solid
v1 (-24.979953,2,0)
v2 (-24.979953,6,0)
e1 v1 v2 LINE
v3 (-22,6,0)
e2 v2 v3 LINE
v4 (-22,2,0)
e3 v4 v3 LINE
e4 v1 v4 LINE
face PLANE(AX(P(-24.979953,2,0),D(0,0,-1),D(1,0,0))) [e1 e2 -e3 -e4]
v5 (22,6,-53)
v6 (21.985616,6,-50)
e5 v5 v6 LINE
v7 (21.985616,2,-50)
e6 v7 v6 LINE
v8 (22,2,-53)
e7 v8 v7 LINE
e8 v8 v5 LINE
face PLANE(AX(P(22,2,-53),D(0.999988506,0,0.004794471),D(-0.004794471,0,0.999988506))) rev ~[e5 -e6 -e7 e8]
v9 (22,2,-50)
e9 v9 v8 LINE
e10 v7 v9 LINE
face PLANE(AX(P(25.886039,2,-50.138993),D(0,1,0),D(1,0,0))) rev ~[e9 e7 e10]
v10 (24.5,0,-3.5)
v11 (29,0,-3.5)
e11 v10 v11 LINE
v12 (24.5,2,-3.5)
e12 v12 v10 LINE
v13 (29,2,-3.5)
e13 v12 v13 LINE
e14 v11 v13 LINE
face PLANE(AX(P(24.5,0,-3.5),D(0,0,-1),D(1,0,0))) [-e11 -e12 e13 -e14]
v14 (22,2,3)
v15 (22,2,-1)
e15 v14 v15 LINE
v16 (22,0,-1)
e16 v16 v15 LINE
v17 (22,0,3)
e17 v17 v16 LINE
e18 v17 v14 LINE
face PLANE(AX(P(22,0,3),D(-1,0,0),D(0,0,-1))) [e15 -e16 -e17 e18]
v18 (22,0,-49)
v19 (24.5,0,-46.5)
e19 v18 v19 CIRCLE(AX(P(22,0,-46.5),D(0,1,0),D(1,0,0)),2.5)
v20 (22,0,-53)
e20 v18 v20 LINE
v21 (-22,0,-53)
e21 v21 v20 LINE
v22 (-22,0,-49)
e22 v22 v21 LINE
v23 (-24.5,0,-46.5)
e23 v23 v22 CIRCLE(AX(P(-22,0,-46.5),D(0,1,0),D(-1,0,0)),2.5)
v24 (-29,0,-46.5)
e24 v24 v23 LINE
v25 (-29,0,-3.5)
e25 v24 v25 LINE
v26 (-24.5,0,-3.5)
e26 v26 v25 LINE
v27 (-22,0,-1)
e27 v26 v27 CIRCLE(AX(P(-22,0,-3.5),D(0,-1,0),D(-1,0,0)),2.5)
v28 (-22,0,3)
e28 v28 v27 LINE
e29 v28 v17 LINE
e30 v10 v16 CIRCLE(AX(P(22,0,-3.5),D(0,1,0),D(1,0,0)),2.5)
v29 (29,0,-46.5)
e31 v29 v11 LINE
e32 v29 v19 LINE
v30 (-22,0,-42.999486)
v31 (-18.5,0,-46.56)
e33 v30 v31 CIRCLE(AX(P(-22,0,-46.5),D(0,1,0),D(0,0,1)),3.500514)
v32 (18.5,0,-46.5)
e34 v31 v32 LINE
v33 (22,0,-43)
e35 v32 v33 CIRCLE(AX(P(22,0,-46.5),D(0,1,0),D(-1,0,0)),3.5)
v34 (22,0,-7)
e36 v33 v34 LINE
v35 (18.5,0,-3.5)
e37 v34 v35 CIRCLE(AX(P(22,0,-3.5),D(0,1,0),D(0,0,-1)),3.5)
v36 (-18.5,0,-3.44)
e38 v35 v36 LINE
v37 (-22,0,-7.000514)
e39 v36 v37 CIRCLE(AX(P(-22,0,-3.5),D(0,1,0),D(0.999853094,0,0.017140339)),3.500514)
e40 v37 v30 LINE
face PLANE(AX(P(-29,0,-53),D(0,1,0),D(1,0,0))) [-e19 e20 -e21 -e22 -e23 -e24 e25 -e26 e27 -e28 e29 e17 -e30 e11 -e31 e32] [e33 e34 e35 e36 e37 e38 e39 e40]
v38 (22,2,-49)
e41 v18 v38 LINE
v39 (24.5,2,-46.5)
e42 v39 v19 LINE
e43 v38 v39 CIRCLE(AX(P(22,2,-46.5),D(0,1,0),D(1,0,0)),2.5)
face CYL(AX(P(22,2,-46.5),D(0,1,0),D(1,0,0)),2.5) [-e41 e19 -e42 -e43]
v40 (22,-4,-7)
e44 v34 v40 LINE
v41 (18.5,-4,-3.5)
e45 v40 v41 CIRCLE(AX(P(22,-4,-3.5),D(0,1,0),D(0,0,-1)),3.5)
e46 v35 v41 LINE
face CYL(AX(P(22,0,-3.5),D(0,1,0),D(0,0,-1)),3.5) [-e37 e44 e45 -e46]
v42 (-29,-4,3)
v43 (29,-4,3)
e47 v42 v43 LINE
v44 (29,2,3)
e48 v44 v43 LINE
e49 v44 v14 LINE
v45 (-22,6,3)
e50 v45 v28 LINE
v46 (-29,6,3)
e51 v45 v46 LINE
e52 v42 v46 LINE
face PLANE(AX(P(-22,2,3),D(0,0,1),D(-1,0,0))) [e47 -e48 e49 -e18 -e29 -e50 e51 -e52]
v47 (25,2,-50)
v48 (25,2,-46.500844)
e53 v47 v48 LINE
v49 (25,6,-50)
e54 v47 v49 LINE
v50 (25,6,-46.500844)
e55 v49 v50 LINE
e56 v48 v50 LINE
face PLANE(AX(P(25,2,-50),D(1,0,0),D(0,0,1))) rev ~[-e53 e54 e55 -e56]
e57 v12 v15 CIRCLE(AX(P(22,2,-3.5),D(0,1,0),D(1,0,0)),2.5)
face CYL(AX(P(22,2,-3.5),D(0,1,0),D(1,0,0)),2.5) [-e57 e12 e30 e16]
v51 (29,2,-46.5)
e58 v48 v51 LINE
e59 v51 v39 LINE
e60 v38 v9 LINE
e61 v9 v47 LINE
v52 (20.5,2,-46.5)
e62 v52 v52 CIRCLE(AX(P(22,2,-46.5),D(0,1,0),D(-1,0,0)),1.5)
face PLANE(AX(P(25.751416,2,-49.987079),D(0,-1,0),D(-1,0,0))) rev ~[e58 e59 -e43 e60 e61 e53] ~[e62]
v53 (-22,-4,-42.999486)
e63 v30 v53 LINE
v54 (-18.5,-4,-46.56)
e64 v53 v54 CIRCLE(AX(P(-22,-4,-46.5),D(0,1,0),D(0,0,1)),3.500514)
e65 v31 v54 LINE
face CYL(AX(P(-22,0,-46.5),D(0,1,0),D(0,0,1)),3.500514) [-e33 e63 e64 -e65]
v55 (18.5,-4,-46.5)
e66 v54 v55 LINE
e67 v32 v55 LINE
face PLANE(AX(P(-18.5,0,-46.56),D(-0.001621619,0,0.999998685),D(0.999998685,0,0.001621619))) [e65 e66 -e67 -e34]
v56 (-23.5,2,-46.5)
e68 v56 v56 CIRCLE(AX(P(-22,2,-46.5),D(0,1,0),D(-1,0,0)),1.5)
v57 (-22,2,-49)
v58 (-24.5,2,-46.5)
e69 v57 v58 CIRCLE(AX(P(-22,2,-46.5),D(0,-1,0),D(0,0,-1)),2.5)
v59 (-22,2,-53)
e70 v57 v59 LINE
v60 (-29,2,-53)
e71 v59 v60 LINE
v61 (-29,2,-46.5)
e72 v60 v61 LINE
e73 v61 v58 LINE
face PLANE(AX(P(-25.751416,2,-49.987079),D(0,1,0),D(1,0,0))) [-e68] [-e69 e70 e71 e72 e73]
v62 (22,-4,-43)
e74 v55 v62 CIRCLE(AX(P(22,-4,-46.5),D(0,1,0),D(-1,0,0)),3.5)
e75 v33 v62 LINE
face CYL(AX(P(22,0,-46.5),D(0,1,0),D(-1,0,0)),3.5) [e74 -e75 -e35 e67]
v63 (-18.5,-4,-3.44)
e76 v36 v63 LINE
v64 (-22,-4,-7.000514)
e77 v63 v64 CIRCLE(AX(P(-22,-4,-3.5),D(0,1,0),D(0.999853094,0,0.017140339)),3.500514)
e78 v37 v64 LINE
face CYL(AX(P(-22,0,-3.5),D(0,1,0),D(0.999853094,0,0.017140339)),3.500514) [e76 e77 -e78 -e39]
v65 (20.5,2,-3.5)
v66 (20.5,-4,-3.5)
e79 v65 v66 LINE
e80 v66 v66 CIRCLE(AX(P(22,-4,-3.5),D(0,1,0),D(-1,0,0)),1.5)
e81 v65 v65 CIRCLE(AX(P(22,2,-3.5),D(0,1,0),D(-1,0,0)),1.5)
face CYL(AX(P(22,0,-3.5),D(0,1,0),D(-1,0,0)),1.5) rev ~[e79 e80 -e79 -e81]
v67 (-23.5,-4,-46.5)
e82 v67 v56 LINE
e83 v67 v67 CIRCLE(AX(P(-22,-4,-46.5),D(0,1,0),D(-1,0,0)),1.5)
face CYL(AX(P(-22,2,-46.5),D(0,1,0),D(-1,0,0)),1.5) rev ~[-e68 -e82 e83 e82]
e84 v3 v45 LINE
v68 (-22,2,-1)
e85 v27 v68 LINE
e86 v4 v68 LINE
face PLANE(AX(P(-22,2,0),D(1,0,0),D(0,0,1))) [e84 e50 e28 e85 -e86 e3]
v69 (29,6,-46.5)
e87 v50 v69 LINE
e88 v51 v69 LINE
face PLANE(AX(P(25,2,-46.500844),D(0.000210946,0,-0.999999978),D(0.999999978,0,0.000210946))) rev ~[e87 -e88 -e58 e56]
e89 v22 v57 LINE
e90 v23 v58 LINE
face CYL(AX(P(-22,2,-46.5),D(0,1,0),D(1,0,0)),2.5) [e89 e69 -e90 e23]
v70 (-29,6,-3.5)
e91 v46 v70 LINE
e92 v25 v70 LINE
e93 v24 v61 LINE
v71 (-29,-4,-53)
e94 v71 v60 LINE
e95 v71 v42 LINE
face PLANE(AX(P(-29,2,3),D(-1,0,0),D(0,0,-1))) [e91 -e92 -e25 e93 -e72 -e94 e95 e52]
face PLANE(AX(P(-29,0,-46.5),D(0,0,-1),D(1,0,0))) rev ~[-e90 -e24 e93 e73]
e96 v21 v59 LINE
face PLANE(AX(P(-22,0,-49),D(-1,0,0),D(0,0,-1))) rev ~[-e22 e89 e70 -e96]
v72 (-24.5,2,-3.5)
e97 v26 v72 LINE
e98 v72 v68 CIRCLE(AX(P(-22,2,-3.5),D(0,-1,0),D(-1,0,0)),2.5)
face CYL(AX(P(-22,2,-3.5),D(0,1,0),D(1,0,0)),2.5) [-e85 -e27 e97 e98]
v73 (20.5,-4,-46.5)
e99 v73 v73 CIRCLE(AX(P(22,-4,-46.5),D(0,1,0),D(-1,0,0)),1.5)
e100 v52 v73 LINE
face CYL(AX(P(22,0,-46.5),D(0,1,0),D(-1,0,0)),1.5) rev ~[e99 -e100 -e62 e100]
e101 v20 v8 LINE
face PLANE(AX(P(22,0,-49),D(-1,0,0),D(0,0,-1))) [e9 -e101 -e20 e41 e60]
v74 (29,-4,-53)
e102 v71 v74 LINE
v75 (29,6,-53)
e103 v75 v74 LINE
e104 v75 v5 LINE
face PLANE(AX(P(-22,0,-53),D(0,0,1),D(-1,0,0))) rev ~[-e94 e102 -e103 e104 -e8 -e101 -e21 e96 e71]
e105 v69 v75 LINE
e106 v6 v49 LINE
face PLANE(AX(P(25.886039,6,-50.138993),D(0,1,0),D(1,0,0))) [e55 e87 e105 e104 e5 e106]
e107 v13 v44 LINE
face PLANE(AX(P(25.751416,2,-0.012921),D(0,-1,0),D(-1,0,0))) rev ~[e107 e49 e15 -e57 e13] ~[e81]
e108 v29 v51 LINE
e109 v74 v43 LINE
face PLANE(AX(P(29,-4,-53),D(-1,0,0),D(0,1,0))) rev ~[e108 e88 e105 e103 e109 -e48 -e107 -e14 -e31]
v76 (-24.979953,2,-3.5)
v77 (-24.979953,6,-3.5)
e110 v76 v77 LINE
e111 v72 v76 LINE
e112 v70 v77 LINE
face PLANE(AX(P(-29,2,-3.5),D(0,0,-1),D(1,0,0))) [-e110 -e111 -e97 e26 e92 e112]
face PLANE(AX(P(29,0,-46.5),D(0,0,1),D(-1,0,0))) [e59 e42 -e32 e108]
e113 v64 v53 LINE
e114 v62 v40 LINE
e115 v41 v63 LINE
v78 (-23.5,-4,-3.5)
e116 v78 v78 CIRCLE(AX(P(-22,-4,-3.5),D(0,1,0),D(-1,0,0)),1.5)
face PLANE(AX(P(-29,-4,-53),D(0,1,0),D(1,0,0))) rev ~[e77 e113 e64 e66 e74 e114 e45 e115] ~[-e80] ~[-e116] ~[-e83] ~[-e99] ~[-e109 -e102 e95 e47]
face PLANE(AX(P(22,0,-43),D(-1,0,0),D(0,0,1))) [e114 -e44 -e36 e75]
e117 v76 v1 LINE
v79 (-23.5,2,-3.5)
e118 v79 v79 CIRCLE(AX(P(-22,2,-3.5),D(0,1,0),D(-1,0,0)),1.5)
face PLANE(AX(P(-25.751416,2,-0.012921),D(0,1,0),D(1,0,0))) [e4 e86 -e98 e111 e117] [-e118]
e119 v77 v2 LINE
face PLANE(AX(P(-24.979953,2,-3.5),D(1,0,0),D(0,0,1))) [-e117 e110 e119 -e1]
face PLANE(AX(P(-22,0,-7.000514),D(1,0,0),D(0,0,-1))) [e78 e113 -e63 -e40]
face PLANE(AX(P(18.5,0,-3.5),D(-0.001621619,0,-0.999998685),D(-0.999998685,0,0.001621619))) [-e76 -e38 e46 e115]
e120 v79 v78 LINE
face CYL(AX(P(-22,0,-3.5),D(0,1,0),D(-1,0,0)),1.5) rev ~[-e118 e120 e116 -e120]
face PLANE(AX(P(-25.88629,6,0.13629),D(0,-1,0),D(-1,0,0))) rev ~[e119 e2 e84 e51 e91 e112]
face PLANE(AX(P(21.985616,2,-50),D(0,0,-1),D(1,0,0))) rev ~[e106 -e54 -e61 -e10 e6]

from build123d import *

# Parameters (mm, degrees)
EXTRUDE_1_DEPTH      = 3
EXTRUDE_1_DEPTH_BACK = 53
SKETCH_1_W           = 58
SKETCH_1_H           = 4
SKETCH_2_R           = 1.5
CUT_EXTRUDE_1_DEPTH  = 53
EXTRUDE_START        = 2
SKETCH_3_R           = 2.5
SKETCH_3_R_2         = 1.5
EXTRUDE_2_DEPTH      = 2
CUT_EXTRUDE_2_DEPTH  = 9
EXTRUDE_3_DEPTH      = 2
EXTRUDE_4_DEPTH      = 4


with BuildPart() as part:
    # 草图1 → 凸台-拉伸1 (new, two sides: drawn at the far end of the back side and taken through both)
    with BuildSketch(Plane.XY.offset(-EXTRUDE_1_DEPTH_BACK)):
        with Locations((0, -2)):
            Rectangle(SKETCH_1_W, SKETCH_1_H)
    extrude(amount=EXTRUDE_1_DEPTH + EXTRUDE_1_DEPTH_BACK)

    # 草图2 → 切除-拉伸1 (cut)
    with BuildSketch(Plane(origin=(0, 0, 0), x_dir=(1, 0, 0), z_dir=(0, 1, 0))):
        with Locations(Location((-22, 46.5, 0), (0, 0, 180))):
            Circle(SKETCH_2_R)
        with Locations(Location((22, 46.5, 0), (0, 0, 180))):
            Circle(SKETCH_2_R)
        with Locations(Location((22, 3.5, 0), (0, 0, 180))):
            Circle(SKETCH_2_R)
        with Locations(Location((-22, 3.5, 0), (0, 0, 180))):
            Circle(SKETCH_2_R)
    extrude(amount=-CUT_EXTRUDE_1_DEPTH, mode=Mode.SUBTRACT)

    # 草图3 → 凸台-拉伸2 (add)
    # profile 1 of 4: a face of its own
    with BuildSketch(Plane(origin=(0, 0, 0), x_dir=(1, 0, 0), z_dir=(0, 1, 0)).offset(EXTRUDE_START)):
        with Locations((-22, 46.5)):
            Circle(SKETCH_3_R)
        with Locations(Location((-22, 46.5, 0), (0, 0, 180))):
            Circle(SKETCH_3_R_2, mode=Mode.SUBTRACT)
    # profile 2 of 4: a face of its own
    with BuildSketch(Plane(origin=(0, 0, 0), x_dir=(1, 0, 0), z_dir=(0, 1, 0)).offset(EXTRUDE_START)):
        with Locations((22, 46.5)):
            Circle(SKETCH_3_R)
        with Locations(Location((22, 46.5, 0), (0, 0, 180))):
            Circle(SKETCH_3_R_2, mode=Mode.SUBTRACT)
    # profile 3 of 4: a face of its own
    with BuildSketch(Plane(origin=(0, 0, 0), x_dir=(1, 0, 0), z_dir=(0, 1, 0)).offset(EXTRUDE_START)):
        with Locations((22, 3.5)):
            Circle(SKETCH_3_R)
        with Locations(Location((22, 3.5, 0), (0, 0, 180))):
            Circle(SKETCH_3_R_2, mode=Mode.SUBTRACT)
    # profile 4 of 4: a face of its own
    with BuildSketch(Plane(origin=(0, 0, 0), x_dir=(1, 0, 0), z_dir=(0, 1, 0)).offset(EXTRUDE_START)):
        with Locations((-22, 3.5)):
            Circle(SKETCH_3_R)
        with Locations(Location((-22, 3.5, 0), (0, 0, 180))):
            Circle(SKETCH_3_R_2, mode=Mode.SUBTRACT)
    extrude(amount=-EXTRUDE_2_DEPTH)

    # 草图4 → 切除-拉伸2 (cut)
    with BuildSketch(Plane(origin=(0, 0, 0), x_dir=(1, 0, 0), z_dir=(0, 1, 0))):
        with BuildLine():
            Line((-18.5, 46.56), (18.5, 46.5))
            ThreePointArc((18.5, 46.5), (19.525126266, 44.025126266), (22, 43))
            Line((22, 43), (22, 7))
            ThreePointArc((22, 7), (19.525126266, 5.974873734), (18.5, 3.5))
            Line((18.5, 3.5), (-18.5, 3.44))
            ThreePointArc((-18.5, 3.44), (-19.503639564, 5.953932471), (-22, 7.000514248))
            Line((-22, 7.000514248), (-22, 42.999485752))
            ThreePointArc((-22, 42.999485752), (-19.503639564, 44.046067529), (-18.5, 46.56))
        make_face()
    extrude(amount=-CUT_EXTRUDE_2_DEPTH, mode=Mode.SUBTRACT)

    # 草图5 → 凸台-拉伸3 (add)
    with BuildSketch(Plane(origin=(0, 0, 0), x_dir=(1, 0, 0), z_dir=(0, 1, 0))):
        Polygon((-22, 49), (-22, 53), (-29, 53), (-29, 46.5), (-24.5, 46.5), align=None)
        Polygon((22, 49), (22, 53), (29, 53), (29, 46.5), (24.5, 46.5), align=None)
        Polygon((24.5, 3.5), (29, 3.5), (29, -3), (22, -3), (22, 1), align=None)
        Polygon((-24.5, 3.5), (-29, 3.5), (-29, -3), (-22, -3), (-22, 1), align=None)
    extrude(amount=EXTRUDE_3_DEPTH)

    # 草图6 → 凸台-拉伸4 (add)
    with BuildSketch(Plane(origin=(0, 2, 0), x_dir=(1, 0, 0), z_dir=(0, 1, 0))):
        Polygon((-24.979953432, 3.5), (-24.979953432, 0), (-22, 0), (-22, -3), (-29, -3), (-29, 3.5), align=None)
        Polygon((21.985616423, 50), (25, 50), (25, 46.500843785), (29, 46.5), (29, 53), (22, 53), align=None)
    extrude(amount=EXTRUDE_4_DEPTH)


solid = part.part
